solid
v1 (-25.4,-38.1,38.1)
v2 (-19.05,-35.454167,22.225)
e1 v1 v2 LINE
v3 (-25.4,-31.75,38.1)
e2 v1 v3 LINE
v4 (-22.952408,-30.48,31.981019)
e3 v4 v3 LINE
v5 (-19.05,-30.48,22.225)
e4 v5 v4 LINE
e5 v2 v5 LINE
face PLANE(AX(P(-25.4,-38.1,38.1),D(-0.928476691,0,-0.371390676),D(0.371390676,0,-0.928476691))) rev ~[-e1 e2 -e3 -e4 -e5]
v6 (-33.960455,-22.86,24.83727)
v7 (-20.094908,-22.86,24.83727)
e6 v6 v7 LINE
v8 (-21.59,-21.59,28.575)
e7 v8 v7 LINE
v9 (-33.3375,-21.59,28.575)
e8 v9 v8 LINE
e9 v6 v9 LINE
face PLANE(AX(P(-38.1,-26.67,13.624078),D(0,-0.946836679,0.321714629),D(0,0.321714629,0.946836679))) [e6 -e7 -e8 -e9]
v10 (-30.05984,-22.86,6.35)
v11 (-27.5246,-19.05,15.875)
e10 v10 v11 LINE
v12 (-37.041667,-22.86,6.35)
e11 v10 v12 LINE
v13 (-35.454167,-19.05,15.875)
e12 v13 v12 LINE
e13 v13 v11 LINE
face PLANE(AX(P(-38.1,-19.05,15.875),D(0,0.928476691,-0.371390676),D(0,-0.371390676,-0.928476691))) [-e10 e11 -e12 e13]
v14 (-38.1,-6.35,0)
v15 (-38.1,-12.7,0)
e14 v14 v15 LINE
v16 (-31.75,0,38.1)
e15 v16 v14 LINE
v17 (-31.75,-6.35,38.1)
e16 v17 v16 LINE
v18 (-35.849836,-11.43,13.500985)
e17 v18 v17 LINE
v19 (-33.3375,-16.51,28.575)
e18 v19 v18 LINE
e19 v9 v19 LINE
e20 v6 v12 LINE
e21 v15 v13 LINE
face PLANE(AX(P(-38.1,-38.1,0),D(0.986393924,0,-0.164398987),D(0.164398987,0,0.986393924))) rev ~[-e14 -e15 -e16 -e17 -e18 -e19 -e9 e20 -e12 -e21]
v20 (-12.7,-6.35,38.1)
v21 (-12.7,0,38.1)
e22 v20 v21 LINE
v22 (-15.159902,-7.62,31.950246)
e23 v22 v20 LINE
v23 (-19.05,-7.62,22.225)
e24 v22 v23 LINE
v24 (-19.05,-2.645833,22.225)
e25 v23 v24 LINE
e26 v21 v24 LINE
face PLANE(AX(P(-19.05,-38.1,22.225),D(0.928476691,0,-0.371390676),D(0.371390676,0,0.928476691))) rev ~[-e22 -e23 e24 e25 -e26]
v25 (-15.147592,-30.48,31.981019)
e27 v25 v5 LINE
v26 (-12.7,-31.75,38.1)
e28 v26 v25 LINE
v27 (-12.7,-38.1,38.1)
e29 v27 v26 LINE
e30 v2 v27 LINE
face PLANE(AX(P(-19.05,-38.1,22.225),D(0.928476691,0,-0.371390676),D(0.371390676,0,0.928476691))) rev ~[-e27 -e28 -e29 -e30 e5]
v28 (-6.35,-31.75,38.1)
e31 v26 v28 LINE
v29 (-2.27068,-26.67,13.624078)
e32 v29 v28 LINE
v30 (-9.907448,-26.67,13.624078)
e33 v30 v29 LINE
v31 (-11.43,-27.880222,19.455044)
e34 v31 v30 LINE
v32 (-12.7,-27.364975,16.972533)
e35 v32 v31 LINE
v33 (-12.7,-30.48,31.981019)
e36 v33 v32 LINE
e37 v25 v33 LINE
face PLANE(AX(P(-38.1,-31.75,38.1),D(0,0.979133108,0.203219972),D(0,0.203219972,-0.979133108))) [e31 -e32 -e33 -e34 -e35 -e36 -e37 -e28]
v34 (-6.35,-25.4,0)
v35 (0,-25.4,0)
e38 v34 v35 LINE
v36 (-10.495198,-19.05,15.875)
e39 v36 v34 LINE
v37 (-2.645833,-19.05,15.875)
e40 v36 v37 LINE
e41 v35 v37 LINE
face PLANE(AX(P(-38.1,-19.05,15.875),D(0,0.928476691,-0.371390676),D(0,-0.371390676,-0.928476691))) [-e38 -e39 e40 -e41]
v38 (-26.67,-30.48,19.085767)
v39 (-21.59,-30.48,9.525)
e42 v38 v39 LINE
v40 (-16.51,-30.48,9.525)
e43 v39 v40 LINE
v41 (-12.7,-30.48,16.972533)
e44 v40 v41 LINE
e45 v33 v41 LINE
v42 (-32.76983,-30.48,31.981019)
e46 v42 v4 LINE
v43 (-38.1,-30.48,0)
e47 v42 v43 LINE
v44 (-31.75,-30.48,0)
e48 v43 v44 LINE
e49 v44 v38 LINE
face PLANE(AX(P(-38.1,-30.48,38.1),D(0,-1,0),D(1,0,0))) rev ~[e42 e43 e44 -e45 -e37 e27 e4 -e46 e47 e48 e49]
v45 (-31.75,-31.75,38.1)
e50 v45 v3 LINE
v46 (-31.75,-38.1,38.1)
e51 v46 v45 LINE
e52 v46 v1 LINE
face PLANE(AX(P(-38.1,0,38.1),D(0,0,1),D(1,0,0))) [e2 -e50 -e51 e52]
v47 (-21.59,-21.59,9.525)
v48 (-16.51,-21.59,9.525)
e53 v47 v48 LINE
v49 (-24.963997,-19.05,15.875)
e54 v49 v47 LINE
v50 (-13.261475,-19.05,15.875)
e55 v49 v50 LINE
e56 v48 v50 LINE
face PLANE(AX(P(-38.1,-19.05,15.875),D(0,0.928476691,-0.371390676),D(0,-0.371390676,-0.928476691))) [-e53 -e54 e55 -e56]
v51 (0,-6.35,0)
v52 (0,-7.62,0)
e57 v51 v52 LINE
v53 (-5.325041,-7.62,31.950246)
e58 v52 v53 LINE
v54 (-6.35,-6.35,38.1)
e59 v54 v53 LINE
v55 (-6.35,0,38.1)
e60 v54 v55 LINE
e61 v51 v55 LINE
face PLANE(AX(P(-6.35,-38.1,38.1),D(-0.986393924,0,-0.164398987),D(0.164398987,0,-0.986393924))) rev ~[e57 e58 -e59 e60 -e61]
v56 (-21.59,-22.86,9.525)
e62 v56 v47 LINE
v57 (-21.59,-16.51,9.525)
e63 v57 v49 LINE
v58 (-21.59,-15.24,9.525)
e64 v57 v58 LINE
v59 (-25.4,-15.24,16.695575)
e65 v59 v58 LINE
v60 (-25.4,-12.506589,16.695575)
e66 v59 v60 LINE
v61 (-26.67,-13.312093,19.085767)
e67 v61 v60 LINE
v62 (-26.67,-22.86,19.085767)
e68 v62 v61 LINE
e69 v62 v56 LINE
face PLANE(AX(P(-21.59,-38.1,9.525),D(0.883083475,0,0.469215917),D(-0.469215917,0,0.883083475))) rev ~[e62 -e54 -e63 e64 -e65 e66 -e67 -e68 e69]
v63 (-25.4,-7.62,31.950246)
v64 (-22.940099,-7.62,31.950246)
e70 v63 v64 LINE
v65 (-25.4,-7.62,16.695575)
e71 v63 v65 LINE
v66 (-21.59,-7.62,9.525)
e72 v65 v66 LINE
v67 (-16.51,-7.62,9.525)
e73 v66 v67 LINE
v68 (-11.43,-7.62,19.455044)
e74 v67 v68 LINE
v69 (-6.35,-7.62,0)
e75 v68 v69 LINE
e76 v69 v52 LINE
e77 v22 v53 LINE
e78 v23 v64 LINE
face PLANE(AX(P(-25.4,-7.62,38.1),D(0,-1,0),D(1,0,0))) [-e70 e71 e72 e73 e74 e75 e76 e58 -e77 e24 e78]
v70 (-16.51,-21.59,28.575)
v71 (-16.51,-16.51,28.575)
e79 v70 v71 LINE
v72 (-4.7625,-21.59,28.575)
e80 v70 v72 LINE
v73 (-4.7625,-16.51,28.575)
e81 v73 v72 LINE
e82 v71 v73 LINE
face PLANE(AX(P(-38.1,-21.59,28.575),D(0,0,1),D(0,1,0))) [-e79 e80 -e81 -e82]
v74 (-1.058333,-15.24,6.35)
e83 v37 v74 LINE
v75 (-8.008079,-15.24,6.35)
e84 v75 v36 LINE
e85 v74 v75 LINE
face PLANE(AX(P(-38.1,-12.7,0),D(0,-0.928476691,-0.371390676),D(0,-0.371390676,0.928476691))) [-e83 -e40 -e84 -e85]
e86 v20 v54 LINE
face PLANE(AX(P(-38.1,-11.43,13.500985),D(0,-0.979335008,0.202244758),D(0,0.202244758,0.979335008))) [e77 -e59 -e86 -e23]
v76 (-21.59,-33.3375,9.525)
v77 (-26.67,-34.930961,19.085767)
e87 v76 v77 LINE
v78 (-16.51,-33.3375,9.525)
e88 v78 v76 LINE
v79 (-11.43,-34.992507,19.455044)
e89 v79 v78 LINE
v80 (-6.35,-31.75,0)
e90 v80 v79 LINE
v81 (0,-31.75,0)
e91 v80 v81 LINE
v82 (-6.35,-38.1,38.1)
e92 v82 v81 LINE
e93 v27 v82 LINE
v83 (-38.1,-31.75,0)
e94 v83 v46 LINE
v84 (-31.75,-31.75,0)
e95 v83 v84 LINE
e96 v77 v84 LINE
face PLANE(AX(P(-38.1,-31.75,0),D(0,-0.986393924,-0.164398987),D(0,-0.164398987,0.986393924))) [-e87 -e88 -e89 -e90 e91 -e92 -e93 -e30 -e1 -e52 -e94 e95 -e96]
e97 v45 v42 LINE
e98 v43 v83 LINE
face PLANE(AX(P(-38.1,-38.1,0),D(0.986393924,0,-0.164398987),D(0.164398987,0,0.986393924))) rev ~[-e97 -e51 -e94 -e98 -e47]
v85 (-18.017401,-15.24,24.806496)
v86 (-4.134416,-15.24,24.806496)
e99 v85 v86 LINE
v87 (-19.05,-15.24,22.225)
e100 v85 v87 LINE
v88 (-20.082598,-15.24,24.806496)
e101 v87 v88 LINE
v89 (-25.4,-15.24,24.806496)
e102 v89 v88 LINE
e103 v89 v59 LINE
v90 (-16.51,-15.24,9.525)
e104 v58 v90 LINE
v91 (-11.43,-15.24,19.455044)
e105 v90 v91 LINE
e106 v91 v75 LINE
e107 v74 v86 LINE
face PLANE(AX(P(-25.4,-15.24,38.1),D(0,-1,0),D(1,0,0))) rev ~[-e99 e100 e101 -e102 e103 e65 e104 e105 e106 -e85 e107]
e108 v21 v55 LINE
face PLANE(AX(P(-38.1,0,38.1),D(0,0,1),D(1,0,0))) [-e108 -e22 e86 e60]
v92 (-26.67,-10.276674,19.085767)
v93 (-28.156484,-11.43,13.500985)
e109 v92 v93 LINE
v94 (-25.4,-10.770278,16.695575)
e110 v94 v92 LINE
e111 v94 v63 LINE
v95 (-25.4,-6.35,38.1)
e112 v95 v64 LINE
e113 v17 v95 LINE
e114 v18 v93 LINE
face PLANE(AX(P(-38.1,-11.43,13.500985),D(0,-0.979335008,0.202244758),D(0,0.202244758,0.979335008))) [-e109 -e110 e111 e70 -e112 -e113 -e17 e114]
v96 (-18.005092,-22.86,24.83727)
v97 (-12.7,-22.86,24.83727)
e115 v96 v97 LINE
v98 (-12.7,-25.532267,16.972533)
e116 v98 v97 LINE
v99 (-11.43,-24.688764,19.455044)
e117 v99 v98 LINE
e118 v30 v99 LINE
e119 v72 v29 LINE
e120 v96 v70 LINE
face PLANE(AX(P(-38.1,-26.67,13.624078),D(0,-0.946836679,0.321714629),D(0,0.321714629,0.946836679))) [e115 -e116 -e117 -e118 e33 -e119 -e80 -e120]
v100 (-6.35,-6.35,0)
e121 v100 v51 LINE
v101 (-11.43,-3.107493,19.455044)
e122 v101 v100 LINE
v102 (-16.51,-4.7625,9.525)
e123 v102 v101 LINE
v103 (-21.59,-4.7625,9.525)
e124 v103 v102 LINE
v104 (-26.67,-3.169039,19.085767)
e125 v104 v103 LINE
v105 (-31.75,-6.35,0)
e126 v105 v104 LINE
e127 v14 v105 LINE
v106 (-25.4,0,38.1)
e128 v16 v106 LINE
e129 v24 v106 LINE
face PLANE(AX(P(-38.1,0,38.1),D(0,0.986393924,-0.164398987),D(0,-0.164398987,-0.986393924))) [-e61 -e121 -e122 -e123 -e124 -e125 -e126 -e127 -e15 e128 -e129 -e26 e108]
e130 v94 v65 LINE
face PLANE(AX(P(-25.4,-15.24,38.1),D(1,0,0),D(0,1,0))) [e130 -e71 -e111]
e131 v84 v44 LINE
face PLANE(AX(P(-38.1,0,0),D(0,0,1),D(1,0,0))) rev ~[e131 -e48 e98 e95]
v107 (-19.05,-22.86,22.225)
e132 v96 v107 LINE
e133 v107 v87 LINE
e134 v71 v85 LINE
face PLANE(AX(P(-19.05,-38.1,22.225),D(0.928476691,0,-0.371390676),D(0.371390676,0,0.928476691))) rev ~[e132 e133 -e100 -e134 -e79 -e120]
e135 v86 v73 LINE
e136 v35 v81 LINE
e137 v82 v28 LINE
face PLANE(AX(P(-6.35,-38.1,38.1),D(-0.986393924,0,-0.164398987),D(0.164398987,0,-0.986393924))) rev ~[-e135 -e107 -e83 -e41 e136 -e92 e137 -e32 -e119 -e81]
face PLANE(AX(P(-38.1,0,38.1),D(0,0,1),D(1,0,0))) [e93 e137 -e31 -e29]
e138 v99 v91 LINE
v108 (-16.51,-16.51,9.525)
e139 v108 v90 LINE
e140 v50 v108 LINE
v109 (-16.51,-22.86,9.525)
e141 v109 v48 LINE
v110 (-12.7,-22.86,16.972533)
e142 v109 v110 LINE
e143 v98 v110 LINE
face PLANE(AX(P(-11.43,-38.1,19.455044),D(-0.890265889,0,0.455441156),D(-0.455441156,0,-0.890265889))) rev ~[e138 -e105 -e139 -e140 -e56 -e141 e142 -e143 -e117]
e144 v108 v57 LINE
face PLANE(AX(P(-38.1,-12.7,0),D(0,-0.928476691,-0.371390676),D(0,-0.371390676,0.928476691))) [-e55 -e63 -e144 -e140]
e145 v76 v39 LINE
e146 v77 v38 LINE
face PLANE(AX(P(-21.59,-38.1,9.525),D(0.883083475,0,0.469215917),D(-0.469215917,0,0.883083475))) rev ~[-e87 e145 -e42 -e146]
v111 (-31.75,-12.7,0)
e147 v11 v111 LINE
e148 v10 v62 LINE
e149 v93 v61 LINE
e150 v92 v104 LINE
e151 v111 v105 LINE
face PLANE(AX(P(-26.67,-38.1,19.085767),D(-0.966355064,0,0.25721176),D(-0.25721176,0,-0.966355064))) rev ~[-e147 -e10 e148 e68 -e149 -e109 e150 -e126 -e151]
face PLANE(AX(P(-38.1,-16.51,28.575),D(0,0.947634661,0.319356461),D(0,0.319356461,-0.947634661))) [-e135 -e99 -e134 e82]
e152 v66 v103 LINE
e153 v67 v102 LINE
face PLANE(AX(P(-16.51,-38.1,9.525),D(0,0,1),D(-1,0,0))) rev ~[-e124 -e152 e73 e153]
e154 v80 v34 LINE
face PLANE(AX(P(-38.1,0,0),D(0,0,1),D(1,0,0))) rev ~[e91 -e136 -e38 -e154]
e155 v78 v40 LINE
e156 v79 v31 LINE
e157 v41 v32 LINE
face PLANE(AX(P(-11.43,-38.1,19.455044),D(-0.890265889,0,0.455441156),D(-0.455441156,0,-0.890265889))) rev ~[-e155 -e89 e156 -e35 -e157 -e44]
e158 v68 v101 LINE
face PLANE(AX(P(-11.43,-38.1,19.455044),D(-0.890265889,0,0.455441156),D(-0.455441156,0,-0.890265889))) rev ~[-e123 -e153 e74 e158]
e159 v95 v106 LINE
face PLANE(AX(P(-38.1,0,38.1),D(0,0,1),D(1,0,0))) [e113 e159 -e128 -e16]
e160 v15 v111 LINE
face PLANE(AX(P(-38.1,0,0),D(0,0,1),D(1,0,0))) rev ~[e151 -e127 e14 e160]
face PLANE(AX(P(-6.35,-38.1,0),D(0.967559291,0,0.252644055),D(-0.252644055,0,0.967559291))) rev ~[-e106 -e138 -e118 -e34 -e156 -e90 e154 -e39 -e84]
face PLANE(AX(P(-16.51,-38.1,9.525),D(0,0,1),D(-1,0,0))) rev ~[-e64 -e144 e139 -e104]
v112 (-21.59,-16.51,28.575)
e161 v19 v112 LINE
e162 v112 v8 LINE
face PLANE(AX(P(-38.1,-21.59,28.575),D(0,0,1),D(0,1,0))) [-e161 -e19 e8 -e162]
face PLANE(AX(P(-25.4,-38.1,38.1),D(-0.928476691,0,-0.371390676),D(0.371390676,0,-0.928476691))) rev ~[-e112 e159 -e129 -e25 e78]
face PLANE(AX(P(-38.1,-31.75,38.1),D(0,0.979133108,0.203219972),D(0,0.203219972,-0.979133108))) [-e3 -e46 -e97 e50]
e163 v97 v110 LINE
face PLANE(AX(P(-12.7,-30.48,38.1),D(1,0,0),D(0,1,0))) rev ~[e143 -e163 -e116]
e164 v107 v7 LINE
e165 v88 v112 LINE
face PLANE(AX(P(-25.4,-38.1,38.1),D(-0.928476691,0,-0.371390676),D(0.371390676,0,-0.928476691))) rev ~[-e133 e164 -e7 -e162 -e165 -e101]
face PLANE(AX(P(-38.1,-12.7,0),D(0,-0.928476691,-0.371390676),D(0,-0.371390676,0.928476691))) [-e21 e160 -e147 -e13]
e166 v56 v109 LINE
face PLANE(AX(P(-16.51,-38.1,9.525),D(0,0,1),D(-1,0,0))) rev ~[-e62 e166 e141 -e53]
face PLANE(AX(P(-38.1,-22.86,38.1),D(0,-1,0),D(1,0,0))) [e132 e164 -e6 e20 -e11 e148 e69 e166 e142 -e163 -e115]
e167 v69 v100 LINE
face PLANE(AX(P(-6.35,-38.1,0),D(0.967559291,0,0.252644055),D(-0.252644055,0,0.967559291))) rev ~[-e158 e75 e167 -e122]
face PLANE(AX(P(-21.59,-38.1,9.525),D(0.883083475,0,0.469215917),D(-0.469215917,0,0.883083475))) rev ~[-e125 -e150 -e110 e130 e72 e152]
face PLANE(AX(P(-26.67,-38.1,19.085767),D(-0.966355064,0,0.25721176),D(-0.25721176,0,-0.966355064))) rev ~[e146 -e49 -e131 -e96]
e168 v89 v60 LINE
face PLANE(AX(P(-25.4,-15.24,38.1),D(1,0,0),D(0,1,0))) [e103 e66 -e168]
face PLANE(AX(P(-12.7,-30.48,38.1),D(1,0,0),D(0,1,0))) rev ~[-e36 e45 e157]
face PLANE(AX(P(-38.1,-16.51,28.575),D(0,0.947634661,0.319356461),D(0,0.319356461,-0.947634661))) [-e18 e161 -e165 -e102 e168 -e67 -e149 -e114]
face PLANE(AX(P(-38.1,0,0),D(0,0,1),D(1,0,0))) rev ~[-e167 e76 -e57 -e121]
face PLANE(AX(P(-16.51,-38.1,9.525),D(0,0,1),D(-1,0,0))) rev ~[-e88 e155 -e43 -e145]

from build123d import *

# Parameters (mm, degrees)
F0_W      = 38.1
F0_H      = 38.1
F1_DEPTH  = 38.1
F6_DEPTH  = 38.1
F8_DEPTH  = 38.1
F9_W      = 25.4
F9_H      = 7.62
F10_DEPTH = 38.1


with BuildPart() as f1:
    # F0 (on Front) → F1 (new body)
    with BuildSketch(Plane.XZ):
        with Locations((-19.05, 19.05)):
            Rectangle(F0_W, F0_H)
    extrude(amount=F1_DEPTH)

    # F5 (on offset) → F6 (cut)
    with BuildSketch(Plane.YZ.offset(-38.1)):
        Polygon((-11.43, 13.500985), (-6.35, 38.1), (-31.75, 38.1), (-26.67, 13.624078), (-21.59, 28.575), (-16.51, 28.575), align=None)
        Polygon((-25.4, 0), (-12.7, 0), (-19.05, 15.875), align=None)
        Polygon((-6.35, 0), (0, 0), (0, 38.1), align=None)
        Polygon((-31.75, 0), (-38.1, 38.1), (-38.1, 0), align=None)
    extrude(amount=F6_DEPTH, mode=Mode.SUBTRACT)

    # F7 (on offset) → F8 (cut)
    with BuildSketch(Plane.XZ.offset(38.1)):
        Polygon((-31.75, 0), (-6.35, 0), (-11.43, 19.455044), (-16.51, 9.525), (-21.59, 9.525), (-26.67, 19.085767), align=None)
        Polygon((-6.35, 38.1), (0, 0), (0, 38.1), align=None)
        Polygon((-19.05, 22.225), (-12.7, 38.1), (-25.4, 38.1), align=None)
        Polygon((-38.1, 38.1), (-38.1, 0), (-31.75, 38.1), align=None)
    extrude(amount=-F8_DEPTH, mode=Mode.SUBTRACT)

    # F9 (on offset) → F10 (cut)
    with BuildSketch(Plane.XY.offset(38.1)):
        with Locations((-12.7, -11.43)):
            Rectangle(F9_W, F9_H)
        with Locations((-25.4, -26.67)):
            Rectangle(F9_W, F9_H)
    extrude(amount=-F10_DEPTH, mode=Mode.SUBTRACT)


solid = f1.part
